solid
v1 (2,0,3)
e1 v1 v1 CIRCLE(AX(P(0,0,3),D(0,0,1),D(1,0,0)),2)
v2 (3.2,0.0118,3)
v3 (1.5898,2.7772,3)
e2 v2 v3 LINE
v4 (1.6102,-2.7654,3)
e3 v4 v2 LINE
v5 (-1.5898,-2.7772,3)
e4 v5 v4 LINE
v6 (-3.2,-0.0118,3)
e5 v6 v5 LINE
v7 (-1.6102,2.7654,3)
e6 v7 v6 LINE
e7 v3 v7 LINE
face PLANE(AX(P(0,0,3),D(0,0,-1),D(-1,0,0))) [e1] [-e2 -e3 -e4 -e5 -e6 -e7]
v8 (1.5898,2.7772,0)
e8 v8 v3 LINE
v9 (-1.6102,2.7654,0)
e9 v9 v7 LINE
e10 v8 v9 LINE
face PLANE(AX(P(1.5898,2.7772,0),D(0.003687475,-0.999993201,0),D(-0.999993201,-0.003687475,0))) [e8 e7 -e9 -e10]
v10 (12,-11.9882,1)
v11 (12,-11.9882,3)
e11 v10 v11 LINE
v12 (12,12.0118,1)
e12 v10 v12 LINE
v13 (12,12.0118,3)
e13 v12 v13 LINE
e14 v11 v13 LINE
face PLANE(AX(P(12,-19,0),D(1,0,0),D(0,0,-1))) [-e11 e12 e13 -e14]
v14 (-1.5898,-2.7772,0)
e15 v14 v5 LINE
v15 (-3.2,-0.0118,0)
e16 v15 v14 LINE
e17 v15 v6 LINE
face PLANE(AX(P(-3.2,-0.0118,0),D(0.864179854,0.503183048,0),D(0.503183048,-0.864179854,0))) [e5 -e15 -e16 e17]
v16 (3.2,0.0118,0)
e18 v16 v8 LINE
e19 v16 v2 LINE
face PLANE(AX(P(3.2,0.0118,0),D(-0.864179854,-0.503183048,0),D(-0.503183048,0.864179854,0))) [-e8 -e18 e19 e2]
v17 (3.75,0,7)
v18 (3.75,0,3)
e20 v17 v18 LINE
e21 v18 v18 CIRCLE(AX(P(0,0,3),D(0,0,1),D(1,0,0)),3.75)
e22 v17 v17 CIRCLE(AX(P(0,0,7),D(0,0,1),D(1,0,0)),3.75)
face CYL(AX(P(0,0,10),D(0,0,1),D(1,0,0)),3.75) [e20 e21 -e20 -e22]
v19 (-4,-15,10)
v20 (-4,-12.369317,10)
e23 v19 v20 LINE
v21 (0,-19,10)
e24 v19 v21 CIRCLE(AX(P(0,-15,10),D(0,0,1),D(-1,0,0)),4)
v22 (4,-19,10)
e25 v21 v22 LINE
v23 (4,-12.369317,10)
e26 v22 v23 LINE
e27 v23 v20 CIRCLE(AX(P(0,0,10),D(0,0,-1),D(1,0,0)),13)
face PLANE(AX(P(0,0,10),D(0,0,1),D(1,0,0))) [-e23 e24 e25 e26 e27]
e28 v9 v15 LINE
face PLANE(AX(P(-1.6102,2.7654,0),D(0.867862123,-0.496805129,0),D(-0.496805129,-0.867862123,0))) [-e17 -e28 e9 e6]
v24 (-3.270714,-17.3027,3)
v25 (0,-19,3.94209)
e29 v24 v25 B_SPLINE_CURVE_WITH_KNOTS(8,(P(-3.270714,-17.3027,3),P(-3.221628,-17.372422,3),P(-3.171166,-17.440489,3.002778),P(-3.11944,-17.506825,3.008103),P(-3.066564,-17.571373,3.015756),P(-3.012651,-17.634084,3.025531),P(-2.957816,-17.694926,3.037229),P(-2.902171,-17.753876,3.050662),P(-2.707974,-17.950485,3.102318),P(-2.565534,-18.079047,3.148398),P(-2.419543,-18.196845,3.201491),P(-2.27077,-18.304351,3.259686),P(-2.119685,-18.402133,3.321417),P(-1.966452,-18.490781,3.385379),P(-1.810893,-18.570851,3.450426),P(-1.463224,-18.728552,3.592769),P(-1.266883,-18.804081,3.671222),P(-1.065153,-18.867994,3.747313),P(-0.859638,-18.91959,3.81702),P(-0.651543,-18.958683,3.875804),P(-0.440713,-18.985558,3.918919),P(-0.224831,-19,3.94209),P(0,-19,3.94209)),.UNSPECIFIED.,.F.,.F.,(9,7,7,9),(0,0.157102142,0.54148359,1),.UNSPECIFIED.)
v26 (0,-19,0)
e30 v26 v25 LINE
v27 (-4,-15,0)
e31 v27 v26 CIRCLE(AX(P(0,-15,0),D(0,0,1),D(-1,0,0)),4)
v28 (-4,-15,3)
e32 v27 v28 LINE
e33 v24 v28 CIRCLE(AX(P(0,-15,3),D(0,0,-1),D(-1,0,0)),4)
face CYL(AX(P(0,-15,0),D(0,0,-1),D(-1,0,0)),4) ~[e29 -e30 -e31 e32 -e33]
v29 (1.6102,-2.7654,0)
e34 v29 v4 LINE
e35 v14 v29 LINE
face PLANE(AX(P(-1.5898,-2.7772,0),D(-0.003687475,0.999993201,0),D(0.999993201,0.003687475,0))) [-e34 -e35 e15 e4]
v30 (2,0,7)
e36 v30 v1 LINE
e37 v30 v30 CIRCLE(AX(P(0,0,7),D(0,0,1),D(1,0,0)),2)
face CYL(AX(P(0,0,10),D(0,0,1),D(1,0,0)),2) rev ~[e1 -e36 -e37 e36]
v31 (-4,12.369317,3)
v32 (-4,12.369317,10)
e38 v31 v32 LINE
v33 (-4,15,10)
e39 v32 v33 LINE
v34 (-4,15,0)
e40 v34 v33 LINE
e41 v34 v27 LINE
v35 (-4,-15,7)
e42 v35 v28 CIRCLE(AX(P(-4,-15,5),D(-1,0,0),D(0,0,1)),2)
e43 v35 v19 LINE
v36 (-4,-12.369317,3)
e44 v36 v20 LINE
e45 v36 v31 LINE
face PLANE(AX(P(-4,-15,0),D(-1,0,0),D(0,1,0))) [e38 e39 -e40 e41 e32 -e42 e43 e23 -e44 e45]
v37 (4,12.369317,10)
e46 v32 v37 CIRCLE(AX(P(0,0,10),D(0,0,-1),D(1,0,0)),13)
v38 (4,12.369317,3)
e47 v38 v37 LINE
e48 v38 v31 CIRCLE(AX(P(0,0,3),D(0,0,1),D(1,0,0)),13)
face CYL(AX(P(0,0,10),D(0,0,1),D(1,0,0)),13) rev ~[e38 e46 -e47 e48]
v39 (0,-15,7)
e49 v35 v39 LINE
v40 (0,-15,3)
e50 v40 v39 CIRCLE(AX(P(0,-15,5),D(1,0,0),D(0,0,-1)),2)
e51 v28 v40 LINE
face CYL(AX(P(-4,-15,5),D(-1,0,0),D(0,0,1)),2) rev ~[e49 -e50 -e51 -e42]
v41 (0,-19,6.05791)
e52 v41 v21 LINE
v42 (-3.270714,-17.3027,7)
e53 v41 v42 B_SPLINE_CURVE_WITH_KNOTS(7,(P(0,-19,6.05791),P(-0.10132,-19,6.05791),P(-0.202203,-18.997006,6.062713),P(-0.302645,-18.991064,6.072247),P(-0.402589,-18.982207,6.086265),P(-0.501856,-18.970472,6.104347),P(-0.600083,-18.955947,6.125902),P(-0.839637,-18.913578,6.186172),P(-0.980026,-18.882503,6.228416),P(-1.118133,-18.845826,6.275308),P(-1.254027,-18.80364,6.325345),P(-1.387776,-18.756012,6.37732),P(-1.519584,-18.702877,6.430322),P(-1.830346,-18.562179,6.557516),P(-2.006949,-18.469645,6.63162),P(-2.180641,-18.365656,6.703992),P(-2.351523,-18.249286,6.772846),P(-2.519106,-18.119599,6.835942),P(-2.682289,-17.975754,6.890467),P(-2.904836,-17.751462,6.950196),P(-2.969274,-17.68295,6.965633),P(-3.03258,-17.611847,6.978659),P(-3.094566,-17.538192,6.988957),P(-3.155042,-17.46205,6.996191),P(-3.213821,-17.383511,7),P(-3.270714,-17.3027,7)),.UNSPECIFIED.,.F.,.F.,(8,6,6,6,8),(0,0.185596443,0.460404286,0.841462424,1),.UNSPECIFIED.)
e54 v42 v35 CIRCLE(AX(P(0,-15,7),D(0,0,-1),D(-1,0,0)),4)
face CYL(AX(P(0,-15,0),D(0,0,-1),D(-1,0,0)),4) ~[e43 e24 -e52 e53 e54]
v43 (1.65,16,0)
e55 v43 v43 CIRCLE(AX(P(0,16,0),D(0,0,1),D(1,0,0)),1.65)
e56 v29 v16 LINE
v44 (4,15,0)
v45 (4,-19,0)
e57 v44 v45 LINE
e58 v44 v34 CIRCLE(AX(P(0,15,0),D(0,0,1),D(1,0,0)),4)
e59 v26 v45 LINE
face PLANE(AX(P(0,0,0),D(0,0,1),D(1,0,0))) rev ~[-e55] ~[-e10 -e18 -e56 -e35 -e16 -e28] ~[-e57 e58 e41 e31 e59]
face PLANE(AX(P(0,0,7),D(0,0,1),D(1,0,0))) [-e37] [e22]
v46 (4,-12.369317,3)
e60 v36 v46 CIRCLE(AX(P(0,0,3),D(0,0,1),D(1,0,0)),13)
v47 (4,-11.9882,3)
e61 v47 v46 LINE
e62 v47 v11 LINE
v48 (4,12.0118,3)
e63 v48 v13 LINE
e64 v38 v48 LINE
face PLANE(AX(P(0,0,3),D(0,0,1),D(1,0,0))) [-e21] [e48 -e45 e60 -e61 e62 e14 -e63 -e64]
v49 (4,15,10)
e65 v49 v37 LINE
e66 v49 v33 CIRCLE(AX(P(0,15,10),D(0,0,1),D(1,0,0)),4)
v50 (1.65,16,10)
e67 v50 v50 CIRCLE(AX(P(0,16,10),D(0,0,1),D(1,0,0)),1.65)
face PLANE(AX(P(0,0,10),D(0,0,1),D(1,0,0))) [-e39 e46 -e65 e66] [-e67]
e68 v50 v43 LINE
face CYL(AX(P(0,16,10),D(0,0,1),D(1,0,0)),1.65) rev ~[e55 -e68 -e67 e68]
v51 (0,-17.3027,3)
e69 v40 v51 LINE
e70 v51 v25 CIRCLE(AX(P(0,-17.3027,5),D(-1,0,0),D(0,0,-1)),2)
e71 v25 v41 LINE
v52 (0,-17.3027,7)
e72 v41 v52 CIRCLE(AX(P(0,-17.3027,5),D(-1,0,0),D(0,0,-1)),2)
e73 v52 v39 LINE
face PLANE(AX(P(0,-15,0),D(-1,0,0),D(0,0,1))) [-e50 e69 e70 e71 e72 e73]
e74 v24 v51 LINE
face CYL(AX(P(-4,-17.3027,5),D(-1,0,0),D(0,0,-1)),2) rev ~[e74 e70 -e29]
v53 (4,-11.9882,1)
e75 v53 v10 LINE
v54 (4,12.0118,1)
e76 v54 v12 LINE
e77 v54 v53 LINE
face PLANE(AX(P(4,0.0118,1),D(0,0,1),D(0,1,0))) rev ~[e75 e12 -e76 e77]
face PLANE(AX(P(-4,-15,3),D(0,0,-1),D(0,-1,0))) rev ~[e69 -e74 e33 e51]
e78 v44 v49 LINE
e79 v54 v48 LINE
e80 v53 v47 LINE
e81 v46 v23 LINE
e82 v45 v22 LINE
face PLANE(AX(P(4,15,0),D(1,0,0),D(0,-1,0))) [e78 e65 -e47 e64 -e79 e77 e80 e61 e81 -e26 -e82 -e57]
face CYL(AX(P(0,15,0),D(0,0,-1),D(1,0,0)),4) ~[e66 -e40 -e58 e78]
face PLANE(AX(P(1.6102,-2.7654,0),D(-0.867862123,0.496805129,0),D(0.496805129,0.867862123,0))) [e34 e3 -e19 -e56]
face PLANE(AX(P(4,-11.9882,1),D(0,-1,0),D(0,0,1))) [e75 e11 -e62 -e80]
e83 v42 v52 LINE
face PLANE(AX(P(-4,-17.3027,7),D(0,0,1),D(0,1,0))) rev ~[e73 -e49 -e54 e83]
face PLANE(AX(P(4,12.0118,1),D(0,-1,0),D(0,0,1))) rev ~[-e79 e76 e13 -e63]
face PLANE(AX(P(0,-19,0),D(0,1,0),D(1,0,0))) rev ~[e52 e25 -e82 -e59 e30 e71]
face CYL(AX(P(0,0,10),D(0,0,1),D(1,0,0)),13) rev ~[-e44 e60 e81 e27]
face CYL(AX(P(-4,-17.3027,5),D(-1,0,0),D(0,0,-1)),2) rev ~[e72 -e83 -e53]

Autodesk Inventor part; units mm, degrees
ref_plane "YZ Plane" through (0, 0, 0) normal (1, 0, 0) x (0, 1, 0)
ref_plane "XZ Plane" through (0, 0, 0) normal (0, 1, 0) x (-1, 0, 0)
ref_plane "XY Plane" through (0, 0, 0) normal (0, 0, 1) x (1, 0, 0)
sketch "Sketch1" plane through (0, 0, 0) normal (0, 0, 1) x (1, 0, 0)
  line L0 (0, -15) -> (0, 15) construction
  line L1 (-4, -15) -> (-4, 15)
  line L2 (4, 15) -> (4, -15)
  arc A0 (-4, -15) -> (0, -19) centre (0, -15) ccw
  arc A1 (4, 15) -> (-4, 15) centre (0, 15) ccw
  line L3 (4, -15) -> (0, -15)
  line L4 (-4, -11) -> (-4, -19)
  line L5 (-4, -19) -> (4, -19)
  line L6 (4, -19) -> (4, -15)
  point P0 (0, 0)
  point P1 (0, 0)
  dimension "d0" = 4
  dimension "d17" = 30
extrude "Extrusion1" add sketch "Sketch1" along normal blind 10 contours L1 A1 L2 L6 L5 A0
sketch "Sketch2" plane through (0, 0, 10) normal (0, 0, 1) x (1, 0, 0)
  line L0 (-4, 15) -> (-4, -15) projected
  arc A0 (-4, -15) -> (0, -19) centre (0, -15) ccw projected
  line L1 (4, -19) -> (4, 15) projected
  arc A1 (4, 15) -> (-4, 15) centre (0, 15) ccw projected
  circle A2 centre (0, 0) radius 13
  circle A3 centre (0, 0) radius 3.75
  line L2 (0, -19) -> (4, -19) projected
  dimension "d3" = 26
  dimension "d4" = 7.5
extrude "Extrusion2" cut sketch "Sketch2" against normal blind 7 contours A2 L1 L0 | L0 A2 | A2 L1
sketch "Sketch3" plane through (0, 0, 10) normal (0, 0, 1) x (1, 0, 0)
  circle A0 centre (0, 0) radius 3.75 projected
  circle A1 centre (0, 0) radius 2
  line L0 (-4, 15) -> (-4, 12.3693) projected
  line L1 (4, -19) -> (4, -12.3693) projected
  arc A2 (4, 12.3693) -> (-4, 12.3693) centre (0, 0) ccw projected
  line L2 (4, 12.3693) -> (4, 15) projected
  arc A3 (4, 15) -> (-4, 15) centre (0, 15) ccw projected
  arc A4 (-4, -12.3693) -> (4, -12.3693) centre (0, 0) ccw projected
  line L3 (-4, -12.3693) -> (-4, -15) projected
  arc A5 (-4, -15) -> (0, -19) centre (0, -15) ccw projected
  line L4 (0, -19) -> (4, -19) projected
  dimension "d7" = 4
extrude "Extrusion3" cut sketch "Sketch3" against normal through all contours A1
sketch "Sketch4" plane through (0, 0, 0) normal (0, 0, -1) x (-1, 0, 0)
  circle A0 centre (0, 0) radius 2 projected
  line L0 (4, -15) -> (4, 15) projected
  arc A1 (4, 15) -> (-4, 15) centre (0, 15) ccw projected
  line L1 (-4, 15) -> (-4, -19) projected
  arc A2 (0, -19) -> (4, -15) centre (0, -15) ccw projected
  circle A3 centre (0, 0) radius 2 projected
  line L2 (1.5898, -2.7772) -> (-1.6102, -2.7654)
  line L3 (-1.6102, -2.7654) -> (-3.2, 0.0118)
  line L4 (-3.2, 0.0118) -> (-1.5898, 2.7772)
  line L5 (-1.5898, 2.7772) -> (1.6102, 2.7654)
  line L6 (1.6102, 2.7654) -> (3.2, -0.0118)
  line L7 (3.2, -0.0118) -> (1.5898, -2.7772)
  circle A4 centre (0, 0) radius 3.2
  line L8 (-4, -19) -> (0, -19) projected
  dimension "d10" = 6.4
extrude "Extrusion4" cut sketch "Sketch4" against normal blind 3 contours L2 L3 L4 L5 L6 L7
sketch "Sketch8" plane through (0, 0, 10) normal (0, 0, 1) x (1, 0, 0)
  arc A0 (4, 12.3693) -> (-4, 12.3693) centre (0, 0) ccw projected
  line L0 (4, 12.3693) -> (4, 15) projected
  arc A1 (4, 15) -> (-4, 15) centre (0, 15) ccw projected
  line L1 (-4, 15) -> (-4, 12.3693) projected
  circle A2 centre (0, 16) radius 1.65
  dimension "d28" = 3.3
extrude "Extrusion8" cut sketch "Sketch8" against normal through all contours A2
sketch "Sketch9" plane through (-4, -15, 0) normal (-1, 0, 0) x (0, 0, 1)
  line L0 (0, 0) -> (10, 0) projected
  line L1 (5, 0) -> (5, -2.3027) construction
  line L2 (3, 0) -> (3, -2.3027)
  line L3 (7, -2.3027) -> (7, 0)
  arc A0 (7, 0) -> (3, 0) centre (5, 0) ccw
  arc A1 (3, -2.3027) -> (7, -2.3027) centre (5, -2.3027) ccw
  line L4 (3, 2.6307) -> (3, 27.3693) projected
  point P0 (0, 15)
  point P1 (5, -1.1513)
  dimension "d31" = 4
  dimension "d34" = 2
extrude "Extrusion9" cut sketch "Sketch9" against normal blind 4
sketch "Sketch10" plane through (0, 0, 10) normal (0, 0, 1) x (1, 0, 0)
  circle A0 centre (0, 0) radius 2 projected
  circle A1 centre (0, 0) radius 2 projected
  circle A2 centre (0, 0) radius 3.75 projected
extrude "Extrusion10" cut sketch "Sketch10" against normal blind 3
sketch "Sketch12" plane through (4, -19, 0) normal (1, 0, 0) x (0, 0, -1)
  line L0 (-3, 19.0118) -> (-1, 19.0118)
  line L1 (-1, 19.0118) -> (-1, 7.0118)
  line L2 (-1, 7.0118) -> (-3, 7.0118)
  line L3 (-3, 7.0118) -> (-3, 19.0118)
  line L4 (-1, 19.0118) -> (-1, 31.0118)
  line L5 (-1, 31.0118) -> (-3, 31.0118)
  line L6 (-3, 31.0118) -> (-3, 19.0118)
  point P0 (0, 19)
  dimension "d40" = 12
  dimension "d41" = 2
extrude "Extrusion11" add sketch "Sketch12" along normal blind 8
properties part number "rodamiento"
